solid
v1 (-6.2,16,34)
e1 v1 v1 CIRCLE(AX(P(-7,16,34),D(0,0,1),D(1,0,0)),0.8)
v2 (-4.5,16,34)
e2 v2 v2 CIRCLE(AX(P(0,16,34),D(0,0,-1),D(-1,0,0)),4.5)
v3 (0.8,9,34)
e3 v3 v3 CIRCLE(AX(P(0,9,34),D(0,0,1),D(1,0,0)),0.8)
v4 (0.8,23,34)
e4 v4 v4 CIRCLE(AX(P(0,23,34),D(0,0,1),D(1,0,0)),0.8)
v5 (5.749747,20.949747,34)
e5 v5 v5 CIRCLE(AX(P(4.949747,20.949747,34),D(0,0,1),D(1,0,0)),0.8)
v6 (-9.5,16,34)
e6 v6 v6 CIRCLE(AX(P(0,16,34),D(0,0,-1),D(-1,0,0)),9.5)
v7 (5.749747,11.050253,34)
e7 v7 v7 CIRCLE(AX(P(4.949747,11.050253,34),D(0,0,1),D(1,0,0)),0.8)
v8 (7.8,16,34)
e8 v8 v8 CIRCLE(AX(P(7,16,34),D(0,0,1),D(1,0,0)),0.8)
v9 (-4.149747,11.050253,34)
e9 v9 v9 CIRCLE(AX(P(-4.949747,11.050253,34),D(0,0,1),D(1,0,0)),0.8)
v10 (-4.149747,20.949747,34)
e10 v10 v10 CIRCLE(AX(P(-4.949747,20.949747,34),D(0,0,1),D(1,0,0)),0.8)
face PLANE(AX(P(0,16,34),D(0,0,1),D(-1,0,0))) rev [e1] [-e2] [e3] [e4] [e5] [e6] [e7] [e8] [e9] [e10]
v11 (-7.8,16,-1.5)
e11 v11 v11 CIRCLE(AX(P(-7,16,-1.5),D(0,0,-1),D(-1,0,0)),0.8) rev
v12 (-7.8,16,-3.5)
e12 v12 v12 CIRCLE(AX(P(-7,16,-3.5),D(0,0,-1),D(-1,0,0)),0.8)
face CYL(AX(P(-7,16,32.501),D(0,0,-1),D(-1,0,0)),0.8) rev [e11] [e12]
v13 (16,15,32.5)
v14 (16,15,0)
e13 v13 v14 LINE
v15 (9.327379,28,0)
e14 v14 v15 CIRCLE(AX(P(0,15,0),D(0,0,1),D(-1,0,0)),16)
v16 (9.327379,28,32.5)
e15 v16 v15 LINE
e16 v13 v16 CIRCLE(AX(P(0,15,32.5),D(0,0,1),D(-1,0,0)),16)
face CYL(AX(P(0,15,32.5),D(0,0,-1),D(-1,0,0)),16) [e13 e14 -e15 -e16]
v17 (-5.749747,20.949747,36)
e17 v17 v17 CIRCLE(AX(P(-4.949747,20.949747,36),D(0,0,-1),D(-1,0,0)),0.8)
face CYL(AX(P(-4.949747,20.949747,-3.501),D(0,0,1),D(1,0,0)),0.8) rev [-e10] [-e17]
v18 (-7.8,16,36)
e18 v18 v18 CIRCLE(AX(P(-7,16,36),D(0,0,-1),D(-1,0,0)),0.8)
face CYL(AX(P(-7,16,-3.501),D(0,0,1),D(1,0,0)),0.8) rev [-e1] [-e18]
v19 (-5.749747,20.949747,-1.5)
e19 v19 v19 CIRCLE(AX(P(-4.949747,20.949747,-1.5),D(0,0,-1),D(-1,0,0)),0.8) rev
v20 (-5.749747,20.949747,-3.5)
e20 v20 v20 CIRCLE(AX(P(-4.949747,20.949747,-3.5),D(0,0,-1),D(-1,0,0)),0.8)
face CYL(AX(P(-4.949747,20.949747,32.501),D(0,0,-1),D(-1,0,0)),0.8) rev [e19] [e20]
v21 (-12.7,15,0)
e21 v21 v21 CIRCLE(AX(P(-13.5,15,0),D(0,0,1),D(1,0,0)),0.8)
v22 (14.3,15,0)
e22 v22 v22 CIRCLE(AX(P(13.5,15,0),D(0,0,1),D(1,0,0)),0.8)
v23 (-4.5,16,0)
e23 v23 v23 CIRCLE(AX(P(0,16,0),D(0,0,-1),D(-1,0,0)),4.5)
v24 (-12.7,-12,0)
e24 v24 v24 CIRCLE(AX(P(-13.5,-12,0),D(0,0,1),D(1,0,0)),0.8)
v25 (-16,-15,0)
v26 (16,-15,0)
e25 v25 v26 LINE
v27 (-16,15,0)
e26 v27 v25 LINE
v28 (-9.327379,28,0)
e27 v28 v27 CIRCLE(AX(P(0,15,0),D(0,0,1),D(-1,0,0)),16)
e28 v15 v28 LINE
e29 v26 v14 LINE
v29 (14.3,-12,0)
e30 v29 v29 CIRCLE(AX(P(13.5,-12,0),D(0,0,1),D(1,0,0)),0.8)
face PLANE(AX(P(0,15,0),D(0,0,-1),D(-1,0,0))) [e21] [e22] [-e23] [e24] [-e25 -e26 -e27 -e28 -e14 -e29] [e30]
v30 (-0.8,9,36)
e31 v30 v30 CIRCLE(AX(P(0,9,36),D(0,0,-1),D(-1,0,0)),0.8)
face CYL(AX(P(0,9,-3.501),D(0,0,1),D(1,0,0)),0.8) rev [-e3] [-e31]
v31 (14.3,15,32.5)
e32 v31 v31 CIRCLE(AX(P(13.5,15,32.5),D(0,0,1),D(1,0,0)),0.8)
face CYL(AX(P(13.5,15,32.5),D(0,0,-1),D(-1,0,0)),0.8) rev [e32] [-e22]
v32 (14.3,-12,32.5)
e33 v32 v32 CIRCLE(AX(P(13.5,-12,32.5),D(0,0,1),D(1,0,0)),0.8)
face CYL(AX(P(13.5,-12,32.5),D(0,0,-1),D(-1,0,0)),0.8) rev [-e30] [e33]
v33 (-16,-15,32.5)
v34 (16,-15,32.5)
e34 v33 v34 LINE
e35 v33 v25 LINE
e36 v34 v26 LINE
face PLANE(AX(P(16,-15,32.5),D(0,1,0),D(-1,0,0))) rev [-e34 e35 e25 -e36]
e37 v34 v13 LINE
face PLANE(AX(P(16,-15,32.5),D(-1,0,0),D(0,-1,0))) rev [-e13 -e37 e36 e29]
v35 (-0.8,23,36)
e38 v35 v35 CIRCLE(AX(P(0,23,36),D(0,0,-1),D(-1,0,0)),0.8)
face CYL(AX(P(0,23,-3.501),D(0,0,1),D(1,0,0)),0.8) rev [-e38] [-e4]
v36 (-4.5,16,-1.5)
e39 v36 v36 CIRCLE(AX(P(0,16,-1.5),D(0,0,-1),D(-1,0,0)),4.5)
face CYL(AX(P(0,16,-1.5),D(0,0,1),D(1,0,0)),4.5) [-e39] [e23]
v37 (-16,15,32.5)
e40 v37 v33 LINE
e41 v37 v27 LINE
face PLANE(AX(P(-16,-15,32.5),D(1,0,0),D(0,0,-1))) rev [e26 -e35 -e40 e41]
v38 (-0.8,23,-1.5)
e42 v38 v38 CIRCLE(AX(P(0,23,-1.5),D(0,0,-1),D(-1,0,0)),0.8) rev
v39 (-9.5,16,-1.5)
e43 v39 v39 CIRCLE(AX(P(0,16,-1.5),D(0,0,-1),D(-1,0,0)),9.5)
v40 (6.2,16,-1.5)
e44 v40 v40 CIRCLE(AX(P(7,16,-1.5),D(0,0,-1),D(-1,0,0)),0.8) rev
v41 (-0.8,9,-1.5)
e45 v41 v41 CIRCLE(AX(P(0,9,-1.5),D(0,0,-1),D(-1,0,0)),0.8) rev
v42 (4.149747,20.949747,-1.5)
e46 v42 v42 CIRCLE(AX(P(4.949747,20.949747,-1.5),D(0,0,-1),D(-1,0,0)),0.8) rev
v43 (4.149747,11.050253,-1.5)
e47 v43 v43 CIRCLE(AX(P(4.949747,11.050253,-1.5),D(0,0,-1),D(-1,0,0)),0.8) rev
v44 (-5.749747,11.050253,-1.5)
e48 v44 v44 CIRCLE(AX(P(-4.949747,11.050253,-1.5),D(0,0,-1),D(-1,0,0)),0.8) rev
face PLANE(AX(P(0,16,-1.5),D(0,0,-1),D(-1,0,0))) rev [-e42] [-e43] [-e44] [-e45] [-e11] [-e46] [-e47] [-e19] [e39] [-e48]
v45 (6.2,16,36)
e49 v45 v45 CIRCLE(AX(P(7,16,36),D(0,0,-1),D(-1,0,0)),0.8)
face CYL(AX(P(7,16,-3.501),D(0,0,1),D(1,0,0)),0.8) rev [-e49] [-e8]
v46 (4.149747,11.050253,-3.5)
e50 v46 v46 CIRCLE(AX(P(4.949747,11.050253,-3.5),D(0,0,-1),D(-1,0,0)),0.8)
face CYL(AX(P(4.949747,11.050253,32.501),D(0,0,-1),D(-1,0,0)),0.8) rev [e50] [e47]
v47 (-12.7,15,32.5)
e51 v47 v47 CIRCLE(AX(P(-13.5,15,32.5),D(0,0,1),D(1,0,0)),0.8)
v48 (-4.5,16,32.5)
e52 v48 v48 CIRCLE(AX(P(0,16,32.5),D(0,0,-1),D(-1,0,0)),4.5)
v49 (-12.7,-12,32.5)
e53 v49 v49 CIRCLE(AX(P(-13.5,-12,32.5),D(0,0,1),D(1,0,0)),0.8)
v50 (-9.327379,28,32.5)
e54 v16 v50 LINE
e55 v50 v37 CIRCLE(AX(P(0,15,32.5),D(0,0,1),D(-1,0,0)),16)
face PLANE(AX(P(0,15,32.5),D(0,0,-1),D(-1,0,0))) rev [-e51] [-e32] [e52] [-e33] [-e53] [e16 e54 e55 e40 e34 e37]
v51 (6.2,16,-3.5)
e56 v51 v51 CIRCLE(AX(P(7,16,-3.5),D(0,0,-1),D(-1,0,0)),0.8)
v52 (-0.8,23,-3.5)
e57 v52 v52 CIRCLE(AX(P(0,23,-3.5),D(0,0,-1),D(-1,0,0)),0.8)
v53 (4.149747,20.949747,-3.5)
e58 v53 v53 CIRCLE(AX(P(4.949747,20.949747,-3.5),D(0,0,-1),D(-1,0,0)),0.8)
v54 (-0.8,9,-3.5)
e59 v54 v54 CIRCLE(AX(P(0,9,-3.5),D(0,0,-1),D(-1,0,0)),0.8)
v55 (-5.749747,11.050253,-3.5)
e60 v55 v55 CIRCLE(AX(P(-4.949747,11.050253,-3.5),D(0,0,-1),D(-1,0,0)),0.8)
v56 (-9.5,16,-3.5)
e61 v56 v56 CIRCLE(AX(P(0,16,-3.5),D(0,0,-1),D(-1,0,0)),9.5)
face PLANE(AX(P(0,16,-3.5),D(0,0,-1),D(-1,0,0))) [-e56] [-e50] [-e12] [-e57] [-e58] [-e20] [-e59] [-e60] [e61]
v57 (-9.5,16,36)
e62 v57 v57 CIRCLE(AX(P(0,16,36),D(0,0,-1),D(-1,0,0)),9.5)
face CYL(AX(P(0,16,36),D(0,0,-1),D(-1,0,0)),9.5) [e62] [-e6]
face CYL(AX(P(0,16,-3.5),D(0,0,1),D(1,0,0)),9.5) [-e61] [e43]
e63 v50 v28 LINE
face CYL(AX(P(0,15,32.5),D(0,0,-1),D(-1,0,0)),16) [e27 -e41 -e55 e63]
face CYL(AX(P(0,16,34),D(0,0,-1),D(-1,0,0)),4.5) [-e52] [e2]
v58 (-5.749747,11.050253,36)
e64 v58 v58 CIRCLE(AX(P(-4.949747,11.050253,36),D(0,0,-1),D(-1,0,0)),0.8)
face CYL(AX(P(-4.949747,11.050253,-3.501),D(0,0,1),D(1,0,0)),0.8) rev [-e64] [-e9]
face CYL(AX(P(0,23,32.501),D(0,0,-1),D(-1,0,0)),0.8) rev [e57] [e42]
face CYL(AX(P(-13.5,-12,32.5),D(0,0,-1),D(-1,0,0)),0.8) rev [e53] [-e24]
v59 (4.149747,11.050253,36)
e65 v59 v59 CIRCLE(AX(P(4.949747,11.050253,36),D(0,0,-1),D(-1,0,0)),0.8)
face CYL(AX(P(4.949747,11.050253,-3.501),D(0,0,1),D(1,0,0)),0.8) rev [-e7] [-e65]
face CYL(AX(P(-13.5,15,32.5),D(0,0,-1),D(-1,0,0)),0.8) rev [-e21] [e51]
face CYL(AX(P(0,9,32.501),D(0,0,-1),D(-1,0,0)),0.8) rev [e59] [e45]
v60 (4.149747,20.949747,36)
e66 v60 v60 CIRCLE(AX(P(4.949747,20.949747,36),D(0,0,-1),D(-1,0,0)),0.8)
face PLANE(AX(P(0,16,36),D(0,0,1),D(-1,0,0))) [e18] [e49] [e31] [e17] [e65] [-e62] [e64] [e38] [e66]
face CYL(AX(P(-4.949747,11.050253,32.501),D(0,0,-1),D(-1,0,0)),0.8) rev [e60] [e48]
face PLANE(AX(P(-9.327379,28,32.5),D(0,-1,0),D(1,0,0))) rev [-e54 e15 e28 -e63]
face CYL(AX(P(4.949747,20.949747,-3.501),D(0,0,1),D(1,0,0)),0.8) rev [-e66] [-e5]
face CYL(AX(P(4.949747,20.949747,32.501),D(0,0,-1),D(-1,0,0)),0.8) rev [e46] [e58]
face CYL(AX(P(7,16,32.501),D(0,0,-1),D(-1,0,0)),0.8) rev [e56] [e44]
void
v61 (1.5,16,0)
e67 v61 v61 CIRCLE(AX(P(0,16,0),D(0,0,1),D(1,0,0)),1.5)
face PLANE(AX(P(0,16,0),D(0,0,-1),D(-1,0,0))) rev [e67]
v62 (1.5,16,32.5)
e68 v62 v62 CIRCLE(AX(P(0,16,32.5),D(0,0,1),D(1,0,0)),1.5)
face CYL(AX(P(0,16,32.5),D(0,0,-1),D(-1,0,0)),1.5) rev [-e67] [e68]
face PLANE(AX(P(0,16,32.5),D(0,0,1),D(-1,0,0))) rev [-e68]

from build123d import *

# Parameters (mm, degrees)
SKETCH_1_R          = 0.8
SKETCH_1_R_2        = 1.5
EXTRUDE_1_DEPTH     = 32.5
SKETCH_2_R          = 4.5
EXTRUDE_2_DEPTH     = 1.5
SKETCH_3_R          = 9.5
EXTRUDE_3_DEPTH     = 2
CUT_EXTRUDE_1_REACH = 50.332
SKETCH_4_R          = 0.8


with BuildPart() as part:
    # ｽｹｯﾁ1 → ﾎﾞｽ - 押し出し1 (new body)
    with BuildSketch(Plane.XY):
        with BuildLine():
            Line((-9.327379053, 28), (9.327379053, 28))
            ThreePointArc((9.327379053, 28), (14.234431229, 22.306227999), (16, 15))
            Line((16, 15), (16, -15))
            Line((16, -15), (-16, -15))
            Line((-16, -15), (-16, 15))
            ThreePointArc((-16, 15), (-14.234431229, 22.306227999), (-9.327379053, 28))
        make_face()
        with Locations((-13.5, -12)):
            Circle(SKETCH_1_R, mode=Mode.SUBTRACT)
        with Locations((13.5, -12)):
            Circle(SKETCH_1_R, mode=Mode.SUBTRACT)
        with Locations((-13.5, 15)):
            Circle(SKETCH_1_R, mode=Mode.SUBTRACT)
        with Locations((13.5, 15)):
            Circle(SKETCH_1_R, mode=Mode.SUBTRACT)
        with Locations((0, 16)):
            Circle(SKETCH_1_R_2, mode=Mode.SUBTRACT)
    extrude(amount=EXTRUDE_1_DEPTH)

    # ｽｹｯﾁ2 → ﾎﾞｽ - 押し出し2 (add)
    with BuildSketch(Plane(origin=(0, 0, 0), x_dir=(-1, 0, 0), z_dir=(0, 0, -1))):
        with Locations((0, 16)):
            Circle(SKETCH_2_R)
    extrude_2 = extrude(amount=EXTRUDE_2_DEPTH)

    # ｽｹｯﾁ3 → ﾎﾞｽ - 押し出し3 (add)
    with BuildSketch(Plane(origin=(0, 0, -1.5), x_dir=(-1, 0, 0), z_dir=(0, 0, -1))):
        with Locations((0, 16)):
            Circle(SKETCH_3_R)
    extrude_3 = extrude(amount=EXTRUDE_3_DEPTH)

    # ｽｹｯﾁ4 → ｶｯﾄ - 押し出し1 (cut, up to next)
    with BuildSketch(Plane(origin=(0, 0, -3.5), x_dir=(-1, 0, 0), z_dir=(0, 0, -1)), mode=Mode.PRIVATE) as cut_extrude_1_sk1:
        with Locations((0, 23)):
            Circle(SKETCH_4_R)
    cut_extrude_1_tool1 = extrude(cut_extrude_1_sk1.sketch, amount=-CUT_EXTRUDE_1_REACH, mode=Mode.PRIVATE) & part.part
    # ｽｹｯﾁ4 → ｶｯﾄ - 押し出し1 (cut, up to next)
    with BuildSketch(Plane(origin=(0, 0, -3.5), x_dir=(-1, 0, 0), z_dir=(0, 0, -1)), mode=Mode.PRIVATE) as cut_extrude_1_sk2:
        with Locations((4.949747468, 20.949747468)):
            Circle(SKETCH_4_R)
    cut_extrude_1_tool2 = extrude(cut_extrude_1_sk2.sketch, amount=-CUT_EXTRUDE_1_REACH, mode=Mode.PRIVATE) & part.part
    # ｽｹｯﾁ4 → ｶｯﾄ - 押し出し1 (cut, up to next)
    with BuildSketch(Plane(origin=(0, 0, -3.5), x_dir=(-1, 0, 0), z_dir=(0, 0, -1)), mode=Mode.PRIVATE) as cut_extrude_1_sk3:
        with Locations((7, 16)):
            Circle(SKETCH_4_R)
    cut_extrude_1_tool3 = extrude(cut_extrude_1_sk3.sketch, amount=-CUT_EXTRUDE_1_REACH, mode=Mode.PRIVATE) & part.part
    # ｽｹｯﾁ4 → ｶｯﾄ - 押し出し1 (cut, up to next)
    with BuildSketch(Plane(origin=(0, 0, -3.5), x_dir=(-1, 0, 0), z_dir=(0, 0, -1)), mode=Mode.PRIVATE) as cut_extrude_1_sk4:
        with Locations((4.949747468, 11.050252532)):
            Circle(SKETCH_4_R)
    cut_extrude_1_tool4 = extrude(cut_extrude_1_sk4.sketch, amount=-CUT_EXTRUDE_1_REACH, mode=Mode.PRIVATE) & part.part
    # ｽｹｯﾁ4 → ｶｯﾄ - 押し出し1 (cut, up to next)
    with BuildSketch(Plane(origin=(0, 0, -3.5), x_dir=(-1, 0, 0), z_dir=(0, 0, -1)), mode=Mode.PRIVATE) as cut_extrude_1_sk5:
        with Locations((0, 9)):
            Circle(SKETCH_4_R)
    cut_extrude_1_tool5 = extrude(cut_extrude_1_sk5.sketch, amount=-CUT_EXTRUDE_1_REACH, mode=Mode.PRIVATE) & part.part
    # ｽｹｯﾁ4 → ｶｯﾄ - 押し出し1 (cut, up to next)
    with BuildSketch(Plane(origin=(0, 0, -3.5), x_dir=(-1, 0, 0), z_dir=(0, 0, -1)), mode=Mode.PRIVATE) as cut_extrude_1_sk6:
        with Locations((-4.949747468, 11.050252532)):
            Circle(SKETCH_4_R)
    cut_extrude_1_tool6 = extrude(cut_extrude_1_sk6.sketch, amount=-CUT_EXTRUDE_1_REACH, mode=Mode.PRIVATE) & part.part
    # ｽｹｯﾁ4 → ｶｯﾄ - 押し出し1 (cut, up to next)
    with BuildSketch(Plane(origin=(0, 0, -3.5), x_dir=(-1, 0, 0), z_dir=(0, 0, -1)), mode=Mode.PRIVATE) as cut_extrude_1_sk7:
        with Locations((-7, 16)):
            Circle(SKETCH_4_R)
    cut_extrude_1_tool7 = extrude(cut_extrude_1_sk7.sketch, amount=-CUT_EXTRUDE_1_REACH, mode=Mode.PRIVATE) & part.part
    # ｽｹｯﾁ4 → ｶｯﾄ - 押し出し1 (cut, up to next)
    with BuildSketch(Plane(origin=(0, 0, -3.5), x_dir=(-1, 0, 0), z_dir=(0, 0, -1)), mode=Mode.PRIVATE) as cut_extrude_1_sk8:
        with Locations((-4.949747468, 20.949747468)):
            Circle(SKETCH_4_R)
    cut_extrude_1_tool8 = extrude(cut_extrude_1_sk8.sketch, amount=-CUT_EXTRUDE_1_REACH, mode=Mode.PRIVATE) & part.part
    cut_extrude_1_1 = cut_extrude_1_tool1.solids().sort_by_distance((0, 23, -3.5))[0]
    add(cut_extrude_1_1, mode=Mode.SUBTRACT)
    cut_extrude_1_2 = cut_extrude_1_tool2.solids().sort_by_distance((-4.949747, 20.949747, -3.5))[0]
    add(cut_extrude_1_2, mode=Mode.SUBTRACT)
    cut_extrude_1_3 = cut_extrude_1_tool3.solids().sort_by_distance((-7, 16, -3.5))[0]
    add(cut_extrude_1_3, mode=Mode.SUBTRACT)
    cut_extrude_1_4 = cut_extrude_1_tool4.solids().sort_by_distance((-4.949747, 11.050253, -3.5))[0]
    add(cut_extrude_1_4, mode=Mode.SUBTRACT)
    cut_extrude_1_5 = cut_extrude_1_tool5.solids().sort_by_distance((0, 9, -3.5))[0]
    add(cut_extrude_1_5, mode=Mode.SUBTRACT)
    cut_extrude_1_6 = cut_extrude_1_tool6.solids().sort_by_distance((4.949747, 11.050253, -3.5))[0]
    add(cut_extrude_1_6, mode=Mode.SUBTRACT)
    cut_extrude_1_7 = cut_extrude_1_tool7.solids().sort_by_distance((7, 16, -3.5))[0]
    add(cut_extrude_1_7, mode=Mode.SUBTRACT)
    cut_extrude_1_8 = cut_extrude_1_tool8.solids().sort_by_distance((4.949747, 20.949747, -3.5))[0]
    add(cut_extrude_1_8, mode=Mode.SUBTRACT)
    cut_extrude_1 = cut_extrude_1_1 + cut_extrude_1_2 + cut_extrude_1_3 + cut_extrude_1_4 + cut_extrude_1_5 + cut_extrude_1_6 + cut_extrude_1_7 + cut_extrude_1_8  # ｶｯﾄ - 押し出し1 as one shape, for the pattern or mirror that repeats it

    # ﾐﾗｰ1: ﾎﾞｽ - 押し出し2, ﾎﾞｽ - 押し出し3, ｶｯﾄ - 押し出し1 across plane
    add(extrude_2.mirror(Plane(origin=(0, 0, 16.25), x_dir=(1, 0, 0), z_dir=(0, 0, -1))))
    add(extrude_3.mirror(Plane(origin=(0, 0, 16.25), x_dir=(1, 0, 0), z_dir=(0, 0, -1))))
    add(cut_extrude_1.mirror(Plane(origin=(0, 0, 16.25), x_dir=(1, 0, 0), z_dir=(0, 0, -1))), mode=Mode.SUBTRACT)


solid = part.part
